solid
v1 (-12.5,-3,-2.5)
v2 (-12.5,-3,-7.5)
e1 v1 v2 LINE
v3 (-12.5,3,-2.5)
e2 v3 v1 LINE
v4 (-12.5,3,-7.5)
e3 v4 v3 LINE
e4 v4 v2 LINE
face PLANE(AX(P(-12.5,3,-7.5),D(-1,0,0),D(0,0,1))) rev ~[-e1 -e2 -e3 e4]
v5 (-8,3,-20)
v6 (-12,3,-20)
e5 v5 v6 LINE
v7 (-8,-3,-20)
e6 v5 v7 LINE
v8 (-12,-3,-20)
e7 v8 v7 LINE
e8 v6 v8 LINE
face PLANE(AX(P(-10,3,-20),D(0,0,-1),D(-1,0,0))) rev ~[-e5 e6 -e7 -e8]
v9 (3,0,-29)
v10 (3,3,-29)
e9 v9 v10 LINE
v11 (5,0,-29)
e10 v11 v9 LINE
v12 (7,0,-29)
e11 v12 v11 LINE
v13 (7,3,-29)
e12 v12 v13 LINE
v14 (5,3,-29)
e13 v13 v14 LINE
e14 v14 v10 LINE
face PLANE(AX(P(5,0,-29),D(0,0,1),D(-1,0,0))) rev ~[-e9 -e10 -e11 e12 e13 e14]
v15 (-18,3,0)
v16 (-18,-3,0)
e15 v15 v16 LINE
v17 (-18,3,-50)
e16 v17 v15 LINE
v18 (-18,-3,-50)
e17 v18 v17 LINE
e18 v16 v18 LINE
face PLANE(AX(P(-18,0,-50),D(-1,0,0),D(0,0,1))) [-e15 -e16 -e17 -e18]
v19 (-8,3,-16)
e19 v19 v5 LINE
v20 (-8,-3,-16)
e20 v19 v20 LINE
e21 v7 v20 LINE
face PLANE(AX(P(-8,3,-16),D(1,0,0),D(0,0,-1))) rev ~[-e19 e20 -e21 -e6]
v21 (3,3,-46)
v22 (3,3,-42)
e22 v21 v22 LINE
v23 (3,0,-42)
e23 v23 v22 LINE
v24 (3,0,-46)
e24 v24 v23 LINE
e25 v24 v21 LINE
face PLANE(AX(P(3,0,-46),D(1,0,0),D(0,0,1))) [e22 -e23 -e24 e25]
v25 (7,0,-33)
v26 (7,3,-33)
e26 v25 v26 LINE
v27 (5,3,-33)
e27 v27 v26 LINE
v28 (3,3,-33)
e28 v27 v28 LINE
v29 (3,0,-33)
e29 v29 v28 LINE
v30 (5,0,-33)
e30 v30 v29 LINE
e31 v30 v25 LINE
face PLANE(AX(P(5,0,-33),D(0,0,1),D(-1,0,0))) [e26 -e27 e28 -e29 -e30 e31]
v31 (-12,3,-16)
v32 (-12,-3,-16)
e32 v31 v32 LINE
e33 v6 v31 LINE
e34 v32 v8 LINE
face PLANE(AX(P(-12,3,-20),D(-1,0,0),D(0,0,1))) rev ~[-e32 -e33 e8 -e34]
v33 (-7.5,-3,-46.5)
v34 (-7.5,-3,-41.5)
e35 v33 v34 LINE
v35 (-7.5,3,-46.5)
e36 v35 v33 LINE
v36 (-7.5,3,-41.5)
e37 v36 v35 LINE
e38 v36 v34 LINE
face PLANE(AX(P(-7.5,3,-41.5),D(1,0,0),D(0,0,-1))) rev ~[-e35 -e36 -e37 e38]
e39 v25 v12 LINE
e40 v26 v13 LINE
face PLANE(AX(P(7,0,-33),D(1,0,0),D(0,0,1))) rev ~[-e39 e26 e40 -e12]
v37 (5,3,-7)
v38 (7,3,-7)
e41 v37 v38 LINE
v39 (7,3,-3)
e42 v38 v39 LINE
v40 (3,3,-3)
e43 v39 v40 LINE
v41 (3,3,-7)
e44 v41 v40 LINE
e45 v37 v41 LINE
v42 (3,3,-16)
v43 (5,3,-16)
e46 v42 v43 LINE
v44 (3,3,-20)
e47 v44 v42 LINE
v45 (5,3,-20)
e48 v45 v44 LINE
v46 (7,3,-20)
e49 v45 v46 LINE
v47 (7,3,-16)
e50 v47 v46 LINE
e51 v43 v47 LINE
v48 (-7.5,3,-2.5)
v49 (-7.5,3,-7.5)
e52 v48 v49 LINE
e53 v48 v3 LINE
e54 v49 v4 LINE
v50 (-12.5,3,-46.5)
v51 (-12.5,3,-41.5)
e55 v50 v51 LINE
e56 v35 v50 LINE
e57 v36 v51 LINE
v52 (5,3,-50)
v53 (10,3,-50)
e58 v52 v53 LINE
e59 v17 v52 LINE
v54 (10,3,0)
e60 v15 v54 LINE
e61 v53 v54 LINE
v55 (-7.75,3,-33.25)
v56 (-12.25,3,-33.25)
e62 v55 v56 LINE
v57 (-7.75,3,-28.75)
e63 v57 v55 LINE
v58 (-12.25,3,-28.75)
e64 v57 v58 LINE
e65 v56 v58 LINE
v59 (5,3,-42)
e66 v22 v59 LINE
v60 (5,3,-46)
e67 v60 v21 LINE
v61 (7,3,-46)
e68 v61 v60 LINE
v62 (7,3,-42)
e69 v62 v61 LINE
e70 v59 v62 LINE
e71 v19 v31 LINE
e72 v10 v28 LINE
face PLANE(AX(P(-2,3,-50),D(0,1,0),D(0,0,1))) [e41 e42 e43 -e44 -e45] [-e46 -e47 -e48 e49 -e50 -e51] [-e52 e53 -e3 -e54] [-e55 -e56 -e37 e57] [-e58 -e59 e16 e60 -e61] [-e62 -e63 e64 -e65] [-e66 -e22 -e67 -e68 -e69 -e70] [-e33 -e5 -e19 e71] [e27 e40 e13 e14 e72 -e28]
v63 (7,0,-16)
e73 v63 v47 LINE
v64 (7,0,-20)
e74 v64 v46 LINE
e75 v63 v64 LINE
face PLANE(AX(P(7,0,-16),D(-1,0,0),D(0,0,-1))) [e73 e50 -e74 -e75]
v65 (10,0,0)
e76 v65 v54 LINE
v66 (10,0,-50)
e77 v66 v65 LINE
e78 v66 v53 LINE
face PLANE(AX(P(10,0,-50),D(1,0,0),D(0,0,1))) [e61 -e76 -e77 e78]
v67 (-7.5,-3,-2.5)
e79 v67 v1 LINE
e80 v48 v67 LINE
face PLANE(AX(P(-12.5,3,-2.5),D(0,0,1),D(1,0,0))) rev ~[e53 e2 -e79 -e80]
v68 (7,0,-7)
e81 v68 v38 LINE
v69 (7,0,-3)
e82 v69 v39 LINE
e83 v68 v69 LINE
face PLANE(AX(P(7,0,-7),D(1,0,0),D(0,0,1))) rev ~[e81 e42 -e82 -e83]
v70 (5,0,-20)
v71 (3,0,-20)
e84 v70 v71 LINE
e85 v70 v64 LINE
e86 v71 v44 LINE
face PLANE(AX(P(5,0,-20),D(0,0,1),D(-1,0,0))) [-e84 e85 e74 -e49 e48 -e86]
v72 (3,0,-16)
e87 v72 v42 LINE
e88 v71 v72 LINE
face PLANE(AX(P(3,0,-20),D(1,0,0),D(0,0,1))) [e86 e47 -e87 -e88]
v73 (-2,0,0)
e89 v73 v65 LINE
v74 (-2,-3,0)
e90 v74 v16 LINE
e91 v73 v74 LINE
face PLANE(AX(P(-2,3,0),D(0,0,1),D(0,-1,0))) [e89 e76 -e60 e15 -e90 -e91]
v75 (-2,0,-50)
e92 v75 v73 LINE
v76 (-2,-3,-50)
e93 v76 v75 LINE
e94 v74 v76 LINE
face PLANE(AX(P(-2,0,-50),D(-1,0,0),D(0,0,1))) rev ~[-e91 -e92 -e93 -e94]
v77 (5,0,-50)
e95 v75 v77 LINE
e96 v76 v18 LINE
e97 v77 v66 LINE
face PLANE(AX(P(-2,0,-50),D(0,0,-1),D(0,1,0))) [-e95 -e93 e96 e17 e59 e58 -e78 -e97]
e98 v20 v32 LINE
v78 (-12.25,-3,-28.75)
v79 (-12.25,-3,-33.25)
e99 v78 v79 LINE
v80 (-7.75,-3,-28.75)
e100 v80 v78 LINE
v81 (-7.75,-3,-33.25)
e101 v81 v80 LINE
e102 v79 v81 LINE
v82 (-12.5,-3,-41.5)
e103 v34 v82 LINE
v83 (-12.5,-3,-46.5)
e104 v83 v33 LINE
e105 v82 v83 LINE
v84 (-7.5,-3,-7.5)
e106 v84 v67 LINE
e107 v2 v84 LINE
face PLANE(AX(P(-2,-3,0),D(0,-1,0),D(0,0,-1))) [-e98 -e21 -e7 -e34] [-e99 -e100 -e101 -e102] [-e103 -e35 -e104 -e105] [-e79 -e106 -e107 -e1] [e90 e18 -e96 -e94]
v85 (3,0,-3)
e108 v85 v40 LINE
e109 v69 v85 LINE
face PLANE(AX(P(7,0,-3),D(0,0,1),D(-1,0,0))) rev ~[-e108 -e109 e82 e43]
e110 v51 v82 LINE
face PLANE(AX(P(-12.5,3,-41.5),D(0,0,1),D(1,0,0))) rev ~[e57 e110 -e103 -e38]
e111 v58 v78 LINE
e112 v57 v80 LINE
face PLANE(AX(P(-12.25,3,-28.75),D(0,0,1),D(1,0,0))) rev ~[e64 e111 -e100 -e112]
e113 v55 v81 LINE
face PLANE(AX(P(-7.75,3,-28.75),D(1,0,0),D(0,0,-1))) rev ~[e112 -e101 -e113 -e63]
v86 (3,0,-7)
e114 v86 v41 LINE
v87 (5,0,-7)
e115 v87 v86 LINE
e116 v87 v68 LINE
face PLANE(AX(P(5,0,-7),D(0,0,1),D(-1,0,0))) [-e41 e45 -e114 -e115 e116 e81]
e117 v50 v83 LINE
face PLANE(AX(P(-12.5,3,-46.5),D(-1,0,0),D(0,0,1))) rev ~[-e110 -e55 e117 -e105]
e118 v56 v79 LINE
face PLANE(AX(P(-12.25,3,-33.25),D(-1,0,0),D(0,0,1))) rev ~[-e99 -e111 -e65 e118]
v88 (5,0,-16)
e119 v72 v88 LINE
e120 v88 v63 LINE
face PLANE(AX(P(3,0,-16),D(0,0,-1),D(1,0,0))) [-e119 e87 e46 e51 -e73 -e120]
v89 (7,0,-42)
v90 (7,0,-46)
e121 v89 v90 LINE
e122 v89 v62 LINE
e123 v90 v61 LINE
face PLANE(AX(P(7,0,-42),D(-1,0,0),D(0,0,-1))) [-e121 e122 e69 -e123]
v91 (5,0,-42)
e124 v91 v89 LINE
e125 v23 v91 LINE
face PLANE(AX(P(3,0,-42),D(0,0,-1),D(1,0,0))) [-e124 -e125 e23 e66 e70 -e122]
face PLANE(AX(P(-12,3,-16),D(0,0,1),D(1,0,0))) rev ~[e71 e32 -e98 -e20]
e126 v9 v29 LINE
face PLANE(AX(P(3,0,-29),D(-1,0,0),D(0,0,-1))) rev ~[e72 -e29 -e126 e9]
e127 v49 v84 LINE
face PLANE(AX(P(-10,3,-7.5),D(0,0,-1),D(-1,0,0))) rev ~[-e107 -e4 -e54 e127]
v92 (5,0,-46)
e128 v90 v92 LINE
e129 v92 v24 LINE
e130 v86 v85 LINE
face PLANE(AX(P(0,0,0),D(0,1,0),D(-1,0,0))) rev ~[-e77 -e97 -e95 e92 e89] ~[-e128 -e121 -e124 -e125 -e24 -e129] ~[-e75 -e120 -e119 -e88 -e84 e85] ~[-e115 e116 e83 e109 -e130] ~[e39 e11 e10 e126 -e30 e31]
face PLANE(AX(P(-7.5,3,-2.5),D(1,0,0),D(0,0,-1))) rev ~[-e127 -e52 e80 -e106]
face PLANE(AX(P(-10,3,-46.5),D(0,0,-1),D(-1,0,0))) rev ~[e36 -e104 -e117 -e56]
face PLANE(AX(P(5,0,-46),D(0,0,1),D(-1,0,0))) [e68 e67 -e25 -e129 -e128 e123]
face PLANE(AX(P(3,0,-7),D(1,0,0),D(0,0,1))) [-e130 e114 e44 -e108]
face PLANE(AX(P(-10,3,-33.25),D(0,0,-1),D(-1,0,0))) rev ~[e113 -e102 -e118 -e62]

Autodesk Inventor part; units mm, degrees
ref_plane "YZ Plane" through (0, 0, 0) normal (1, 0, 0) x (0, 1, 0)
ref_plane "XZ Plane" through (0, 0, 0) normal (0, 1, 0) x (-1, 0, 0)
ref_plane "XY Plane" through (0, 0, 0) normal (0, 0, 1) x (1, 0, 0)
sketch "Sketch1" plane through (0, 0, 0) normal (0, 1, 0) x (-1, 0, 0)
  line L0 (0, 0) -> (0, -50)
  line L1 (0, -50) -> (-10, -50)
  line L2 (-10, -50) -> (-10, 0)
  line L3 (-10, 0) -> (0, 0)
  line L4 (-5, -50) -> (-5, -46)
  line L5 (-5, -46) -> (-3, -46)
  line L6 (-3, -46) -> (-3, -42)
  line L7 (-3, -42) -> (-7, -42)
  line L8 (-7, -42) -> (-7, -46)
  line L9 (-7, -46) -> (-5, -46)
  line L10 (-5, -42) -> (-5, -33)
  line L11 (-5, -33) -> (-7, -33)
  line L12 (-7, -33) -> (-7, -29)
  line L13 (-7, -29) -> (-3, -29)
  line L14 (-3, -29) -> (-3, -33)
  line L15 (-5, -33) -> (-3, -33)
  line L16 (-5, -29) -> (-5, -20)
  line L17 (-5, -20) -> (-3, -20)
  line L18 (-3, -20) -> (-3, -16)
  line L19 (-3, -16) -> (-7, -16)
  line L20 (-7, -16) -> (-7, -20)
  line L21 (-5, -20) -> (-7, -20)
  line L22 (-5, -16) -> (-5, -7)
  line L23 (-5, -7) -> (-7, -7)
  line L24 (-7, -7) -> (-7, -3)
  line L25 (-7, -3) -> (-3, -3)
  line L26 (-5, -7) -> (-3, -7)
  line L27 (-3, -7) -> (-3, -3)
  line L28 (0, -50) -> (2, -50)
  line L29 (2, -50) -> (2, 0)
  line L30 (2, 0) -> (0, 0)
  dimension "d0" = 50
  dimension "d1" = 10
  dimension "d2" = 90
  dimension "d3" = 4
  dimension "d4" = 2
  dimension "d5" = 4
  dimension "d6" = 4
  dimension "d7" = 9
  dimension "d8" = 4
  dimension "d9" = 9
  dimension "d10" = 4
  dimension "d11" = 9
  dimension "d12" = 4
  dimension "d13" = 2
extrude "Extrusion1" add sketch "Sketch1" along normal blind 3
sketch "Sketch2" plane through (-2, 0, -50) normal (-1, 0, 0) x (0, 0, 1)
  line L0 (0, 0) -> (0, 3) projected
  line L1 (0, 3) -> (50, 3)
  line L2 (50, 3) -> (50, -3)
  line L3 (50, -3) -> (0, -3)
  line L4 (0, -3) -> (0, 3)
  point P0 (50, 0)
  dimension "d16" = 6
extrude "Extrusion2" add sketch "Sketch2" along normal blind 16
sketch "Sketch3" plane through (0, 3, 0) normal (0, 1, 0) x (1, 0, 0)
  line L0 (-2, 0) -> (-18, 0) projected
  line L1 (-10, 0) -> (-10, 50)
  line L2 (10, 50) -> (-18, 50) projected
  line L3 (-12.5, 41.5) -> (-7.5, 41.5)
  line L4 (-7.5, 41.5) -> (-7.5, 46.5)
  line L5 (-7.5, 46.5) -> (-12.5, 46.5)
  line L6 (-12.5, 46.5) -> (-12.5, 41.5)
  line L7 (-12.5, 41.5) -> (-7.5, 46.5) construction
  line L8 (-7.5, 41.5) -> (-12.5, 46.5) construction
  line L9 (-12.5, 2.5) -> (-7.5, 2.5)
  line L10 (-7.5, 2.5) -> (-7.5, 7.5)
  line L11 (-7.5, 7.5) -> (-12.5, 7.5)
  line L12 (-12.5, 7.5) -> (-12.5, 2.5)
  line L13 (-12.5, 2.5) -> (-7.5, 7.5) construction
  line L14 (-7.5, 2.5) -> (-12.5, 7.5) construction
  line L15 (-12, 16) -> (-8, 16)
  line L16 (-8, 16) -> (-8, 20)
  line L17 (-8, 20) -> (-12, 20)
  line L18 (-12, 20) -> (-12, 16)
  line L19 (-12, 16) -> (-8, 20) construction
  line L20 (-8, 16) -> (-12, 20) construction
  line L21 (-12.25, 28.75) -> (-7.75, 28.75)
  line L22 (-7.75, 28.75) -> (-7.75, 33.25)
  line L23 (-7.75, 33.25) -> (-12.25, 33.25)
  line L24 (-12.25, 33.25) -> (-12.25, 28.75)
  line L25 (-12.25, 28.75) -> (-7.75, 33.25) construction
  line L26 (-7.75, 28.75) -> (-12.25, 33.25) construction
  point P0 (0, 0)
  point P1 (-10, 44)
  point P2 (-10, 5)
  point P3 (-10, 18)
  point P4 (-10, 31)
  dimension "d19" = 5
  dimension "d20" = 5
  dimension "d21" = 5
  dimension "d22" = 5
  dimension "d23" = 4
  dimension "d24" = 4
  dimension "d25" = 4.5
  dimension "d26" = 4.5
extrude "Extrusion3" cut sketch "Sketch3" against normal blind 16
sketch "Sketch4" plane through (-2, -3, -50) normal (0, -1, 0) x (1, 0, 0)
  point P0 (2, 50)
equation "\"BendRadius\" = Thickness"
equation "\"BendReliefWidth\" = Thickness"
equation "\"BendReliefDepth\" = 0.5 * Thickness"
equation "\"CornerReliefSize\" = 4 * Thickness"
equation "\"MinimumRemnant\" = 2 * Thickness"
equation "\"TransitionRadius\" = BendRadius"
equation "\"JacobiRadiusSize\" = BendRadius"
equation "\"GapSize\" = Thickness"
equation "\"Thickness\" = 0.5"
